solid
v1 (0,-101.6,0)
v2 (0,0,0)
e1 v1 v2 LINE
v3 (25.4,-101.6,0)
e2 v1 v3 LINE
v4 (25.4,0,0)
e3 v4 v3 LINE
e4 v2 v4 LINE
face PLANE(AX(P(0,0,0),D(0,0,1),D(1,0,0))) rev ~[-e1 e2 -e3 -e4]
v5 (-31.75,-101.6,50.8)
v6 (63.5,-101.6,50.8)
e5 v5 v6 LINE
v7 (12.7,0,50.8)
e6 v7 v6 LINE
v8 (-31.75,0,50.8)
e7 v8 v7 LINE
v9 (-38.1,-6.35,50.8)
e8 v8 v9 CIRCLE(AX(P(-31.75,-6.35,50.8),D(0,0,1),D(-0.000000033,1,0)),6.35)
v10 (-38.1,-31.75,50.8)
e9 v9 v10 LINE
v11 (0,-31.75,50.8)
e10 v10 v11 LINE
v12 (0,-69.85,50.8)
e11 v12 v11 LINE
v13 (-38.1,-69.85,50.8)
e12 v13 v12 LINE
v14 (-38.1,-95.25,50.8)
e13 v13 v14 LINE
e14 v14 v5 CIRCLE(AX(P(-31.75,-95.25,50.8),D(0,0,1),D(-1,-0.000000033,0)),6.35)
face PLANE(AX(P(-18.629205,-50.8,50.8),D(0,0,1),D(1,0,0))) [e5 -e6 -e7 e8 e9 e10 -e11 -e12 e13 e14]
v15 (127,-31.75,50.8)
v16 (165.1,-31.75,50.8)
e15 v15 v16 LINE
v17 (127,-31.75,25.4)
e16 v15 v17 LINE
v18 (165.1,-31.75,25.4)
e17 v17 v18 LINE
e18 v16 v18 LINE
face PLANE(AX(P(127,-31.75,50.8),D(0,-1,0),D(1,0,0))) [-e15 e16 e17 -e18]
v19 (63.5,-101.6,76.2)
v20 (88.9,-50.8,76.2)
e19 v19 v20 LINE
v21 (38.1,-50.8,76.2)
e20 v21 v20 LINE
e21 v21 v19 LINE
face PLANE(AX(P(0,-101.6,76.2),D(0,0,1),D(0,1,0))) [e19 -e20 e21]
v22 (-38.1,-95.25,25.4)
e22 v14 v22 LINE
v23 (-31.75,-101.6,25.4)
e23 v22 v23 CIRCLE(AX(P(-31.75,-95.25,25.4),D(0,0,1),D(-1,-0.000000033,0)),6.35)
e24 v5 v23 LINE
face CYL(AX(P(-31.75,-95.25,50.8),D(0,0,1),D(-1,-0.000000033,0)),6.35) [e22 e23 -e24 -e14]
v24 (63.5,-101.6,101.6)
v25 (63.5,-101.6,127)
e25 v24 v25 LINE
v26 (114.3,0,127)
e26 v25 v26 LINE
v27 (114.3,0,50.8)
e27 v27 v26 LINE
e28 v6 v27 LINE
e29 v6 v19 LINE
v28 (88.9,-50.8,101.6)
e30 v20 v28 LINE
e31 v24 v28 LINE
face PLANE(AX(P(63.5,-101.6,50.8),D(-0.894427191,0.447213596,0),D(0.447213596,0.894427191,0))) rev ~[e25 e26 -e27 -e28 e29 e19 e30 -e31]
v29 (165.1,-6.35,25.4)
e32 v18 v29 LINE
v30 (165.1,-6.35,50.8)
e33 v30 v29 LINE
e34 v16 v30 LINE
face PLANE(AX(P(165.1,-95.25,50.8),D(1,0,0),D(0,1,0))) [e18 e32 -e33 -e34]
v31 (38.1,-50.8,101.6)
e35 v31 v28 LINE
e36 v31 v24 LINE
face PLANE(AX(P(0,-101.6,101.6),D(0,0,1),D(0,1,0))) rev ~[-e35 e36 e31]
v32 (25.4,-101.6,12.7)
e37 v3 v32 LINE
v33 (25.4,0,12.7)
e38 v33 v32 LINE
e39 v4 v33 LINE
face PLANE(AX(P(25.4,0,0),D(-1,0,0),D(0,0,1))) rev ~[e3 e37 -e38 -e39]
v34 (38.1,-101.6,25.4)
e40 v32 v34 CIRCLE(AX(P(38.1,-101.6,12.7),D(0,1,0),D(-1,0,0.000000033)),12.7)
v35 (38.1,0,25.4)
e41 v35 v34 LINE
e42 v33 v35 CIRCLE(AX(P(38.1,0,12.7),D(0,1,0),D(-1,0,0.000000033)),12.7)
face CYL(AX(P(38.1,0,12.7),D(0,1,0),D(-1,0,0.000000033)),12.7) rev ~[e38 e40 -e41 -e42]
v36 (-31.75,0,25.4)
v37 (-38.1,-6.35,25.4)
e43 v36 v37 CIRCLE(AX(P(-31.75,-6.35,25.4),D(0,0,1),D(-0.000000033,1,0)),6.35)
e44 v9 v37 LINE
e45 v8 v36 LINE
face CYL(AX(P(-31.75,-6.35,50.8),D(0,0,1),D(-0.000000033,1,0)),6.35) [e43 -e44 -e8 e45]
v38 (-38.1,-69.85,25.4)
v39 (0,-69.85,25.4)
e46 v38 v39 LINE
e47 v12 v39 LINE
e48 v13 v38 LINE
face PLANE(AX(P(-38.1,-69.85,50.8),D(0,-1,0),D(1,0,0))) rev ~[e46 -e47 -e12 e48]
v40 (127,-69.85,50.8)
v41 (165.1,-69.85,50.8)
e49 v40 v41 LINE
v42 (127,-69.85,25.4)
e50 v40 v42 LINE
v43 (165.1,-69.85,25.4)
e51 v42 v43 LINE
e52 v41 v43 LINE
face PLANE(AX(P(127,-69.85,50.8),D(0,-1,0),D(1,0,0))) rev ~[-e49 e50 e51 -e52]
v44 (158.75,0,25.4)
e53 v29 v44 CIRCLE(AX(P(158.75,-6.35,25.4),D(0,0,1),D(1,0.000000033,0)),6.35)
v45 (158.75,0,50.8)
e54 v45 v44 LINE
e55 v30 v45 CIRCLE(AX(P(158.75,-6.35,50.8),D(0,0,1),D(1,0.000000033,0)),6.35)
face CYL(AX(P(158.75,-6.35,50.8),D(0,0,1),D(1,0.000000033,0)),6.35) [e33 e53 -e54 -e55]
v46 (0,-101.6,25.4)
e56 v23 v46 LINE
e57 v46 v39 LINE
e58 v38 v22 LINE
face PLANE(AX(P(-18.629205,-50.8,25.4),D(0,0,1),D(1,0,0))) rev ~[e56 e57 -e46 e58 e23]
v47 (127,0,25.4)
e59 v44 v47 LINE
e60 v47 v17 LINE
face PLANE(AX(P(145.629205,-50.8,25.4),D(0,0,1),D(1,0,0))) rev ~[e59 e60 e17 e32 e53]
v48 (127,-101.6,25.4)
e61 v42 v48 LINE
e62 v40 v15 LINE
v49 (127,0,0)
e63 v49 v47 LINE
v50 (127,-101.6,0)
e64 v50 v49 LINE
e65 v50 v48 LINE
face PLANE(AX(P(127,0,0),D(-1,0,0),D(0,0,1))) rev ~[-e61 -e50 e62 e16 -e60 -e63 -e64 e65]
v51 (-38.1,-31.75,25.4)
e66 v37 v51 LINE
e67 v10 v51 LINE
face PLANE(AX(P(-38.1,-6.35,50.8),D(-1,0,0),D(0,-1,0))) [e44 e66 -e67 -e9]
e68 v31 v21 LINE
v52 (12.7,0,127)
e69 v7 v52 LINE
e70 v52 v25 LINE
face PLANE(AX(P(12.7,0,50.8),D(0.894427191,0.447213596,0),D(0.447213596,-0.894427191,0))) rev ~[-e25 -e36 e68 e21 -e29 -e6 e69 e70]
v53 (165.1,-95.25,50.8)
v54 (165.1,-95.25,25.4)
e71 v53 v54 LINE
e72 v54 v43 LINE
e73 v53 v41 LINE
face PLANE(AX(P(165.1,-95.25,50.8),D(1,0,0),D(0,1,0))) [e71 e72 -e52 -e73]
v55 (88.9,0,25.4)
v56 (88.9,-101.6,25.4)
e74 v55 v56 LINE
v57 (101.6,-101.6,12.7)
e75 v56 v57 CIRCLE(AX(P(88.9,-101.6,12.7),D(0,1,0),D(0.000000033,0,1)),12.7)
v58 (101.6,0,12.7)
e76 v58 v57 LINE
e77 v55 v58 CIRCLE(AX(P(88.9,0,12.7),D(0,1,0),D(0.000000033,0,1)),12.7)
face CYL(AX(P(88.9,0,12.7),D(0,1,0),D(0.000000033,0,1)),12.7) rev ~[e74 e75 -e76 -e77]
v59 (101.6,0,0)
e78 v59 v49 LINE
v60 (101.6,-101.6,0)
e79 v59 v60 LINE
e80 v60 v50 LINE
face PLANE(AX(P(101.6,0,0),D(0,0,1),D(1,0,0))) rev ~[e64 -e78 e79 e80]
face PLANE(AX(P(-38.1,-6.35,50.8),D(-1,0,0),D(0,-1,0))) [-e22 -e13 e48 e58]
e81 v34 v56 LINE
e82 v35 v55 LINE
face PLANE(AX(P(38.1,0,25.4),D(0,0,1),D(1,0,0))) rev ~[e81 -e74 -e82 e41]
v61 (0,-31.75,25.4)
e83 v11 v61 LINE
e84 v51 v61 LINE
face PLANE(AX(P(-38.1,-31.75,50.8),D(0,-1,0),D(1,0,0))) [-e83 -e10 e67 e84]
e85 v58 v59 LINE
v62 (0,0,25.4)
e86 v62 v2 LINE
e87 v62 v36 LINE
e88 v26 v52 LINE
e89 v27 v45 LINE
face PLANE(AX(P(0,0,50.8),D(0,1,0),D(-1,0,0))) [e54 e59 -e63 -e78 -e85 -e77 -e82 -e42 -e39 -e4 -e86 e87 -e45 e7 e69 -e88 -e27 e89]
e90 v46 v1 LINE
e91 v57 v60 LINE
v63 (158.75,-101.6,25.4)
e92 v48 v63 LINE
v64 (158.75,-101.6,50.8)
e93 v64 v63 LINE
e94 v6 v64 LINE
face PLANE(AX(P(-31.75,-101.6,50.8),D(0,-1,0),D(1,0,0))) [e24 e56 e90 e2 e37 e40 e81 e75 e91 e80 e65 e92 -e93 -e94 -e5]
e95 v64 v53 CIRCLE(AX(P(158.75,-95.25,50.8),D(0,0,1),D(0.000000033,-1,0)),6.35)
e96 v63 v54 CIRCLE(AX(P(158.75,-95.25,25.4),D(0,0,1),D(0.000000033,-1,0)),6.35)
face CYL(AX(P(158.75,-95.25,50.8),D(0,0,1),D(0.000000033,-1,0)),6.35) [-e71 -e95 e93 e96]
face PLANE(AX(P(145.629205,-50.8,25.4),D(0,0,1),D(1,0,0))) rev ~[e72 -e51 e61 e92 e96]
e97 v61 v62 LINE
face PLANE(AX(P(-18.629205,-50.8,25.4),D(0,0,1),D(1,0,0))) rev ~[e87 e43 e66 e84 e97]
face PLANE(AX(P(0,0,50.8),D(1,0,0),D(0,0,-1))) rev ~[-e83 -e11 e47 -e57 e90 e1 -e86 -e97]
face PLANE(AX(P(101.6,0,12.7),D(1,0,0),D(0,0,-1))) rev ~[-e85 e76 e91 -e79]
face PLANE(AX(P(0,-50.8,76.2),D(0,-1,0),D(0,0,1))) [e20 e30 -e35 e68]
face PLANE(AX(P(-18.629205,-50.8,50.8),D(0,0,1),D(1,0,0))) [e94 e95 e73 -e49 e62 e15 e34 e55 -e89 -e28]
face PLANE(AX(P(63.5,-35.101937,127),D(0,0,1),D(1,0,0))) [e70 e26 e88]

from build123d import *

# Parameters (mm, degrees)
F1_DEPTH = 101.6
F3_DEPTH = 25.4
F5_DEPTH = 76.2
F6_W     = 50.8
F6_H     = 25.4
F7_DEPTH = 165.101
F8_W     = 38.1
F8_H     = 38.1
F9_DEPTH = 50.801


with BuildPart() as f1:
    # F0 (on Front) → F1 (new body)
    with BuildSketch(Plane.XZ):
        with BuildLine():
            Line((127, 50.8), (0, 50.8))
            Line((0, 50.8), (0, 0))
            Line((0, 0), (25.4, 0))
            Line((25.4, 0), (25.4, 12.7))
            ThreePointArc((25.4, 12.7), (29.119744, 21.680256), (38.1, 25.4))
            Line((38.1, 25.4), (88.9, 25.4))
            ThreePointArc((88.9, 25.4), (97.880256, 21.680256), (101.6, 12.7))
            Line((101.6, 12.7), (101.6, 0))
            Line((101.6, 0), (127, 0))
            Line((127, 0), (127, 50.8))
        make_face()
    extrude(amount=F1_DEPTH)

    # F2 (on face) → F3 (join)
    with BuildSketch(Plane.XY.offset(50.8)):
        with BuildLine():
            Line((0, -101.6), (0, 0))
            Line((0, 0), (-31.75, 0))
            ThreePointArc((-31.75, 0), (-36.240128, -1.859872), (-38.1, -6.35))
            Line((-38.1, -6.35), (-38.1, -95.25))
            ThreePointArc((-38.1, -95.25), (-36.240128, -99.740128), (-31.75, -101.6))
            Line((-31.75, -101.6), (0, -101.6))
        make_face()
        with BuildLine():
            Line((127, 0), (127, -101.6))
            Line((127, -101.6), (158.75, -101.6))
            ThreePointArc((158.75, -101.6), (163.240128, -99.740128), (165.1, -95.25))
            Line((165.1, -95.25), (165.1, -6.35))
            ThreePointArc((165.1, -6.35), (163.240128, -1.859872), (158.75, 0))
            Line((158.75, 0), (127, 0))
        make_face()
    extrude(amount=-F3_DEPTH)

    # F4 (on face) → F5 (join)
    with BuildSketch(Plane.XY.offset(50.8)):
        Polygon((114.3, 0), (12.7, 0), (63.5, -101.6), align=None)
    extrude(amount=F5_DEPTH)

    # F6 (on Right) → F7 (cut, through all)
    with BuildSketch(Plane.YZ):
        with Locations((-76.2, 88.9)):
            Rectangle(F6_W, F6_H)
    extrude(amount=F7_DEPTH, mode=Mode.SUBTRACT)

    # F8 (on face) → F9 (cut, through all)
    with BuildSketch(Plane.XY.offset(50.8)):
        with Locations((146.05, -50.8)):
            Rectangle(F8_W, F8_H)
        with Locations((-19.05, -50.8)):
            Rectangle(F8_W, F8_H)
    extrude(amount=-F9_DEPTH, mode=Mode.SUBTRACT)


solid = f1.part
